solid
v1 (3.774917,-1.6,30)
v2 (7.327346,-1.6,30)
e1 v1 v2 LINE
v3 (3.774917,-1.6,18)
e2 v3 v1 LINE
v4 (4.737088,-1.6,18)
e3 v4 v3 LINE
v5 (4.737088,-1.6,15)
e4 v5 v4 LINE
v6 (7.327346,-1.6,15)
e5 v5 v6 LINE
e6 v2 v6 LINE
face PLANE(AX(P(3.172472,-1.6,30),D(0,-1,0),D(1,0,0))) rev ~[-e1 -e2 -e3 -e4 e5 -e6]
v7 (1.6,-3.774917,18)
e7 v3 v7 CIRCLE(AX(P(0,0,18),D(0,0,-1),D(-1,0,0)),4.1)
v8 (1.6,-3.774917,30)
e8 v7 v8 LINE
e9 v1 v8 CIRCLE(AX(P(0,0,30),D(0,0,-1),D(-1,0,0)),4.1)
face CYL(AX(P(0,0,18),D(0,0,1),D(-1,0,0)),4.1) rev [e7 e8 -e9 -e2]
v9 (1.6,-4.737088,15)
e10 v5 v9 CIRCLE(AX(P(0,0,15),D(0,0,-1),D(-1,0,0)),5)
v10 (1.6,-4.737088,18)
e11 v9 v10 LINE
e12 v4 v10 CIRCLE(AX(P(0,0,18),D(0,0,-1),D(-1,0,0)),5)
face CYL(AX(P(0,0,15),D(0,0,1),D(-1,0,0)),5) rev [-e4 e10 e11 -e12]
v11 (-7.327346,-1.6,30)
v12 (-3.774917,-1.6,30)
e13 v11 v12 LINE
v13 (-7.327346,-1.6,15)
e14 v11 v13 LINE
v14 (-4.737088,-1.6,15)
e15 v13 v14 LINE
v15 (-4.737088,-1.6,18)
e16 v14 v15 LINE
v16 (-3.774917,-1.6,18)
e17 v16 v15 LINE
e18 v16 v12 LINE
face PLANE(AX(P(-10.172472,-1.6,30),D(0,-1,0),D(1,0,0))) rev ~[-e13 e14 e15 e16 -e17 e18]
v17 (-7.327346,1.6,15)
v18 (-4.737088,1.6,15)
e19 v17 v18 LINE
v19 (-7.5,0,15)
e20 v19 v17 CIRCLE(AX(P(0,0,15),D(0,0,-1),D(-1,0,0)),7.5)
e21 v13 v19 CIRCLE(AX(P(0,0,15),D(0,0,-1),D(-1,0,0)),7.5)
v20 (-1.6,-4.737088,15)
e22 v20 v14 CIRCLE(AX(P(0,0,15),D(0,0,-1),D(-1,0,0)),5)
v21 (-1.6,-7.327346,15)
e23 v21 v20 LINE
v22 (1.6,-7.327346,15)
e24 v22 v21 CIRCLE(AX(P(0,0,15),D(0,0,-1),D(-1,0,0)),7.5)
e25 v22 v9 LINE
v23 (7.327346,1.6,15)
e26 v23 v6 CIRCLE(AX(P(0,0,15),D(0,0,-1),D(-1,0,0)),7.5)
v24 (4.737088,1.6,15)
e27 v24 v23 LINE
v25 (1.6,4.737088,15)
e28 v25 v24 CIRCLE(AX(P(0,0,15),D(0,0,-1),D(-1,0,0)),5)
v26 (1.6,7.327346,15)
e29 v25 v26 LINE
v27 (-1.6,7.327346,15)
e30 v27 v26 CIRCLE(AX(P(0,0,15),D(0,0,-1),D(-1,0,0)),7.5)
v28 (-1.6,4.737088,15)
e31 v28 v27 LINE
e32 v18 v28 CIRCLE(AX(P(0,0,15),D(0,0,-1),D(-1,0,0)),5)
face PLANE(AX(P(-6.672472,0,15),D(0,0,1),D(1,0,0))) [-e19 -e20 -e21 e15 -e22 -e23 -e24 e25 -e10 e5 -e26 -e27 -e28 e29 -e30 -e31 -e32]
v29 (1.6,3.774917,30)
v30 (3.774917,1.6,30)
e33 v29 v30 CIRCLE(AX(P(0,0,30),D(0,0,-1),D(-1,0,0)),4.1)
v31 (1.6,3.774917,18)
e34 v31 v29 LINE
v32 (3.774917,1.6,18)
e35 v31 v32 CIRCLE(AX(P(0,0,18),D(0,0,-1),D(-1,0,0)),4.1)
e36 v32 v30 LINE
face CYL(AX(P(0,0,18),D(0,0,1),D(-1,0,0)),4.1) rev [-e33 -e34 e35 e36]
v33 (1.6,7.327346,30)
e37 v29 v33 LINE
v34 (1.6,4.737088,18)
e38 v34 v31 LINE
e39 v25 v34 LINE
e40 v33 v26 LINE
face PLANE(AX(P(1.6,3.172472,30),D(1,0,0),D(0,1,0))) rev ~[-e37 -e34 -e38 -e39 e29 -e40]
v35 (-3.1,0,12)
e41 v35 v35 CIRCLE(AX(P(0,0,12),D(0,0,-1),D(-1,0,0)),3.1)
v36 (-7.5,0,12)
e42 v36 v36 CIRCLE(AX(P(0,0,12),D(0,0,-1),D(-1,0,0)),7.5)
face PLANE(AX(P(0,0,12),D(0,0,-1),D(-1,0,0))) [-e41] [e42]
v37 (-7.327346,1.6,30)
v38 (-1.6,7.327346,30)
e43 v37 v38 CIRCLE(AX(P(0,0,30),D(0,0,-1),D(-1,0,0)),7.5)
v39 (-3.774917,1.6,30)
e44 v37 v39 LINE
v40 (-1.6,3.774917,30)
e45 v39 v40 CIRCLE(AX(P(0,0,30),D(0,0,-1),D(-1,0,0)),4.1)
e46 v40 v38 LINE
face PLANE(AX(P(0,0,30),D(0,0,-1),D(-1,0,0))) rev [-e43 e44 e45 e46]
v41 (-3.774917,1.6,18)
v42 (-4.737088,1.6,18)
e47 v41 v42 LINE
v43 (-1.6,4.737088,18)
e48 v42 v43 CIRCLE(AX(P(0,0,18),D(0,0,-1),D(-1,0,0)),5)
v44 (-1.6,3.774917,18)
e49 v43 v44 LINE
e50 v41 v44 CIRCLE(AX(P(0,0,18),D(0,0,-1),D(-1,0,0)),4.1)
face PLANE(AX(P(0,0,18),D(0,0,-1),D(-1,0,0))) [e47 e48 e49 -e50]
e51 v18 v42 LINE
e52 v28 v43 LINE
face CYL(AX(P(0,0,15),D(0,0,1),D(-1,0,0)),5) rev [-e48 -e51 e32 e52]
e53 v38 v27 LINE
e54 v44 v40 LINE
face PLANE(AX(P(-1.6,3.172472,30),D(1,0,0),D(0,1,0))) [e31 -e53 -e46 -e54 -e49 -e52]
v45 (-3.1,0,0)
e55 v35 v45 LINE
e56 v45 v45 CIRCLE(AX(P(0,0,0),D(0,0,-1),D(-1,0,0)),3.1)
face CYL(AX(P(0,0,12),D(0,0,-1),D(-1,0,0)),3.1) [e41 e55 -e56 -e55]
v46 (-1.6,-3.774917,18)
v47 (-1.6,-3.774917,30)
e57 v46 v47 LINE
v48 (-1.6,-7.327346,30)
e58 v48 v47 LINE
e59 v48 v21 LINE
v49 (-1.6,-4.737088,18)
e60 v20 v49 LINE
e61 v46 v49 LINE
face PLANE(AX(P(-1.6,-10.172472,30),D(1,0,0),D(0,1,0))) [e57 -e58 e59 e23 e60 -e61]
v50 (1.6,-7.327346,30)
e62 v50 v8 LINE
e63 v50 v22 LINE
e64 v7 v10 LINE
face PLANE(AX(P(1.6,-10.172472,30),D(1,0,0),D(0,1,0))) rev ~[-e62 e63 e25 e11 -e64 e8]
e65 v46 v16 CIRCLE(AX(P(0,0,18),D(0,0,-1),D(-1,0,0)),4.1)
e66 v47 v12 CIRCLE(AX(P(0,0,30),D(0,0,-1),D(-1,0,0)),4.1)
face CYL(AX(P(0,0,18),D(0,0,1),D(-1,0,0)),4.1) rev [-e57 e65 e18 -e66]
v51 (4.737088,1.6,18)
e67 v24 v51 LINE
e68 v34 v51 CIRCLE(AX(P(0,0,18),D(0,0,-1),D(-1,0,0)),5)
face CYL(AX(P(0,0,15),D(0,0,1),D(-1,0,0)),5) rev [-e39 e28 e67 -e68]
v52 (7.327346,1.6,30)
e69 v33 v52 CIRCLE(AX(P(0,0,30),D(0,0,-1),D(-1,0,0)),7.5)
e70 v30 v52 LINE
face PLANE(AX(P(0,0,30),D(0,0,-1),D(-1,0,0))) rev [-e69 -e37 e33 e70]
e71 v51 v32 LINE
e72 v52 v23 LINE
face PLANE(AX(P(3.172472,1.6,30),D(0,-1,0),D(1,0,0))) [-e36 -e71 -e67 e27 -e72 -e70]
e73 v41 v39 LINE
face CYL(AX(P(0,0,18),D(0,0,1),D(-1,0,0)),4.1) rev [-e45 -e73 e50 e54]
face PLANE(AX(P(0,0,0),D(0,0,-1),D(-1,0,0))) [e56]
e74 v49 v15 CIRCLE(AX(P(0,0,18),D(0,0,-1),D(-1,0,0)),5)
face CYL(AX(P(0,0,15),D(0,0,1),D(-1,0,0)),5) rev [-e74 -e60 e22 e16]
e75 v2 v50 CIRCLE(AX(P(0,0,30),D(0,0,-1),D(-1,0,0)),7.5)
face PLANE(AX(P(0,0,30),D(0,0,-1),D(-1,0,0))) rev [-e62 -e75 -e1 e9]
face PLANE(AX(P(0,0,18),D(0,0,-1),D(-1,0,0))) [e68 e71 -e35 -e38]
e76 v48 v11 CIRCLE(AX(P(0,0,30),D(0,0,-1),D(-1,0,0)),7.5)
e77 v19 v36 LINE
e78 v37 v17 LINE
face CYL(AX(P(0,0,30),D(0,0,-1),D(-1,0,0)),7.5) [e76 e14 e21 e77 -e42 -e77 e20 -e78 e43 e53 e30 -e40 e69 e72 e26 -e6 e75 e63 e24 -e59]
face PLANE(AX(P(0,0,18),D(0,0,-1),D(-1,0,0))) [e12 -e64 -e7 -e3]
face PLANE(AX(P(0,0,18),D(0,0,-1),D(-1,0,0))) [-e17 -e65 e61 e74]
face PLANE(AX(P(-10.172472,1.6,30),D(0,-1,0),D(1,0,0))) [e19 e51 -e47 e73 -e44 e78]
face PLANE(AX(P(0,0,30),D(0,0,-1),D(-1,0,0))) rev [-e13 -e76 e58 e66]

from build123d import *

# Parameters (mm, degrees)
F2_W     = 3.2
F2_H     = 7
F2_W_2   = 7
F2_H_2   = 3.2
F3_DEPTH = 15


with BuildPart() as f1:
    # F0 (on Front) → F1 (revolve)
    with BuildSketch(Plane.XZ):
        Polygon((-3.1, 0), (0, 0), (0, 15), (-5, 15), (-5, 18), (-4.1, 18), (-4.1, 30), (-7.5, 30), (-7.5, 12), (-3.1, 12), align=None)
    revolve(axis=Axis((0, 0, 7.5), (0, 0, -1)))

    # F2 (on face) → F3 (cut)
    with BuildSketch(Plane.XY.offset(30)):
        with Locations((0, 6.672472)):
            Rectangle(F2_W, F2_H)
        with Locations((-6.672472, 0)):
            Rectangle(F2_W_2, F2_H_2)
        with Locations((0, -6.672472)):
            Rectangle(F2_W, F2_H)
        with Locations((6.672472, 0)):
            Rectangle(F2_W_2, F2_H_2)
    extrude(amount=-F3_DEPTH, mode=Mode.SUBTRACT)


solid = f1.part
